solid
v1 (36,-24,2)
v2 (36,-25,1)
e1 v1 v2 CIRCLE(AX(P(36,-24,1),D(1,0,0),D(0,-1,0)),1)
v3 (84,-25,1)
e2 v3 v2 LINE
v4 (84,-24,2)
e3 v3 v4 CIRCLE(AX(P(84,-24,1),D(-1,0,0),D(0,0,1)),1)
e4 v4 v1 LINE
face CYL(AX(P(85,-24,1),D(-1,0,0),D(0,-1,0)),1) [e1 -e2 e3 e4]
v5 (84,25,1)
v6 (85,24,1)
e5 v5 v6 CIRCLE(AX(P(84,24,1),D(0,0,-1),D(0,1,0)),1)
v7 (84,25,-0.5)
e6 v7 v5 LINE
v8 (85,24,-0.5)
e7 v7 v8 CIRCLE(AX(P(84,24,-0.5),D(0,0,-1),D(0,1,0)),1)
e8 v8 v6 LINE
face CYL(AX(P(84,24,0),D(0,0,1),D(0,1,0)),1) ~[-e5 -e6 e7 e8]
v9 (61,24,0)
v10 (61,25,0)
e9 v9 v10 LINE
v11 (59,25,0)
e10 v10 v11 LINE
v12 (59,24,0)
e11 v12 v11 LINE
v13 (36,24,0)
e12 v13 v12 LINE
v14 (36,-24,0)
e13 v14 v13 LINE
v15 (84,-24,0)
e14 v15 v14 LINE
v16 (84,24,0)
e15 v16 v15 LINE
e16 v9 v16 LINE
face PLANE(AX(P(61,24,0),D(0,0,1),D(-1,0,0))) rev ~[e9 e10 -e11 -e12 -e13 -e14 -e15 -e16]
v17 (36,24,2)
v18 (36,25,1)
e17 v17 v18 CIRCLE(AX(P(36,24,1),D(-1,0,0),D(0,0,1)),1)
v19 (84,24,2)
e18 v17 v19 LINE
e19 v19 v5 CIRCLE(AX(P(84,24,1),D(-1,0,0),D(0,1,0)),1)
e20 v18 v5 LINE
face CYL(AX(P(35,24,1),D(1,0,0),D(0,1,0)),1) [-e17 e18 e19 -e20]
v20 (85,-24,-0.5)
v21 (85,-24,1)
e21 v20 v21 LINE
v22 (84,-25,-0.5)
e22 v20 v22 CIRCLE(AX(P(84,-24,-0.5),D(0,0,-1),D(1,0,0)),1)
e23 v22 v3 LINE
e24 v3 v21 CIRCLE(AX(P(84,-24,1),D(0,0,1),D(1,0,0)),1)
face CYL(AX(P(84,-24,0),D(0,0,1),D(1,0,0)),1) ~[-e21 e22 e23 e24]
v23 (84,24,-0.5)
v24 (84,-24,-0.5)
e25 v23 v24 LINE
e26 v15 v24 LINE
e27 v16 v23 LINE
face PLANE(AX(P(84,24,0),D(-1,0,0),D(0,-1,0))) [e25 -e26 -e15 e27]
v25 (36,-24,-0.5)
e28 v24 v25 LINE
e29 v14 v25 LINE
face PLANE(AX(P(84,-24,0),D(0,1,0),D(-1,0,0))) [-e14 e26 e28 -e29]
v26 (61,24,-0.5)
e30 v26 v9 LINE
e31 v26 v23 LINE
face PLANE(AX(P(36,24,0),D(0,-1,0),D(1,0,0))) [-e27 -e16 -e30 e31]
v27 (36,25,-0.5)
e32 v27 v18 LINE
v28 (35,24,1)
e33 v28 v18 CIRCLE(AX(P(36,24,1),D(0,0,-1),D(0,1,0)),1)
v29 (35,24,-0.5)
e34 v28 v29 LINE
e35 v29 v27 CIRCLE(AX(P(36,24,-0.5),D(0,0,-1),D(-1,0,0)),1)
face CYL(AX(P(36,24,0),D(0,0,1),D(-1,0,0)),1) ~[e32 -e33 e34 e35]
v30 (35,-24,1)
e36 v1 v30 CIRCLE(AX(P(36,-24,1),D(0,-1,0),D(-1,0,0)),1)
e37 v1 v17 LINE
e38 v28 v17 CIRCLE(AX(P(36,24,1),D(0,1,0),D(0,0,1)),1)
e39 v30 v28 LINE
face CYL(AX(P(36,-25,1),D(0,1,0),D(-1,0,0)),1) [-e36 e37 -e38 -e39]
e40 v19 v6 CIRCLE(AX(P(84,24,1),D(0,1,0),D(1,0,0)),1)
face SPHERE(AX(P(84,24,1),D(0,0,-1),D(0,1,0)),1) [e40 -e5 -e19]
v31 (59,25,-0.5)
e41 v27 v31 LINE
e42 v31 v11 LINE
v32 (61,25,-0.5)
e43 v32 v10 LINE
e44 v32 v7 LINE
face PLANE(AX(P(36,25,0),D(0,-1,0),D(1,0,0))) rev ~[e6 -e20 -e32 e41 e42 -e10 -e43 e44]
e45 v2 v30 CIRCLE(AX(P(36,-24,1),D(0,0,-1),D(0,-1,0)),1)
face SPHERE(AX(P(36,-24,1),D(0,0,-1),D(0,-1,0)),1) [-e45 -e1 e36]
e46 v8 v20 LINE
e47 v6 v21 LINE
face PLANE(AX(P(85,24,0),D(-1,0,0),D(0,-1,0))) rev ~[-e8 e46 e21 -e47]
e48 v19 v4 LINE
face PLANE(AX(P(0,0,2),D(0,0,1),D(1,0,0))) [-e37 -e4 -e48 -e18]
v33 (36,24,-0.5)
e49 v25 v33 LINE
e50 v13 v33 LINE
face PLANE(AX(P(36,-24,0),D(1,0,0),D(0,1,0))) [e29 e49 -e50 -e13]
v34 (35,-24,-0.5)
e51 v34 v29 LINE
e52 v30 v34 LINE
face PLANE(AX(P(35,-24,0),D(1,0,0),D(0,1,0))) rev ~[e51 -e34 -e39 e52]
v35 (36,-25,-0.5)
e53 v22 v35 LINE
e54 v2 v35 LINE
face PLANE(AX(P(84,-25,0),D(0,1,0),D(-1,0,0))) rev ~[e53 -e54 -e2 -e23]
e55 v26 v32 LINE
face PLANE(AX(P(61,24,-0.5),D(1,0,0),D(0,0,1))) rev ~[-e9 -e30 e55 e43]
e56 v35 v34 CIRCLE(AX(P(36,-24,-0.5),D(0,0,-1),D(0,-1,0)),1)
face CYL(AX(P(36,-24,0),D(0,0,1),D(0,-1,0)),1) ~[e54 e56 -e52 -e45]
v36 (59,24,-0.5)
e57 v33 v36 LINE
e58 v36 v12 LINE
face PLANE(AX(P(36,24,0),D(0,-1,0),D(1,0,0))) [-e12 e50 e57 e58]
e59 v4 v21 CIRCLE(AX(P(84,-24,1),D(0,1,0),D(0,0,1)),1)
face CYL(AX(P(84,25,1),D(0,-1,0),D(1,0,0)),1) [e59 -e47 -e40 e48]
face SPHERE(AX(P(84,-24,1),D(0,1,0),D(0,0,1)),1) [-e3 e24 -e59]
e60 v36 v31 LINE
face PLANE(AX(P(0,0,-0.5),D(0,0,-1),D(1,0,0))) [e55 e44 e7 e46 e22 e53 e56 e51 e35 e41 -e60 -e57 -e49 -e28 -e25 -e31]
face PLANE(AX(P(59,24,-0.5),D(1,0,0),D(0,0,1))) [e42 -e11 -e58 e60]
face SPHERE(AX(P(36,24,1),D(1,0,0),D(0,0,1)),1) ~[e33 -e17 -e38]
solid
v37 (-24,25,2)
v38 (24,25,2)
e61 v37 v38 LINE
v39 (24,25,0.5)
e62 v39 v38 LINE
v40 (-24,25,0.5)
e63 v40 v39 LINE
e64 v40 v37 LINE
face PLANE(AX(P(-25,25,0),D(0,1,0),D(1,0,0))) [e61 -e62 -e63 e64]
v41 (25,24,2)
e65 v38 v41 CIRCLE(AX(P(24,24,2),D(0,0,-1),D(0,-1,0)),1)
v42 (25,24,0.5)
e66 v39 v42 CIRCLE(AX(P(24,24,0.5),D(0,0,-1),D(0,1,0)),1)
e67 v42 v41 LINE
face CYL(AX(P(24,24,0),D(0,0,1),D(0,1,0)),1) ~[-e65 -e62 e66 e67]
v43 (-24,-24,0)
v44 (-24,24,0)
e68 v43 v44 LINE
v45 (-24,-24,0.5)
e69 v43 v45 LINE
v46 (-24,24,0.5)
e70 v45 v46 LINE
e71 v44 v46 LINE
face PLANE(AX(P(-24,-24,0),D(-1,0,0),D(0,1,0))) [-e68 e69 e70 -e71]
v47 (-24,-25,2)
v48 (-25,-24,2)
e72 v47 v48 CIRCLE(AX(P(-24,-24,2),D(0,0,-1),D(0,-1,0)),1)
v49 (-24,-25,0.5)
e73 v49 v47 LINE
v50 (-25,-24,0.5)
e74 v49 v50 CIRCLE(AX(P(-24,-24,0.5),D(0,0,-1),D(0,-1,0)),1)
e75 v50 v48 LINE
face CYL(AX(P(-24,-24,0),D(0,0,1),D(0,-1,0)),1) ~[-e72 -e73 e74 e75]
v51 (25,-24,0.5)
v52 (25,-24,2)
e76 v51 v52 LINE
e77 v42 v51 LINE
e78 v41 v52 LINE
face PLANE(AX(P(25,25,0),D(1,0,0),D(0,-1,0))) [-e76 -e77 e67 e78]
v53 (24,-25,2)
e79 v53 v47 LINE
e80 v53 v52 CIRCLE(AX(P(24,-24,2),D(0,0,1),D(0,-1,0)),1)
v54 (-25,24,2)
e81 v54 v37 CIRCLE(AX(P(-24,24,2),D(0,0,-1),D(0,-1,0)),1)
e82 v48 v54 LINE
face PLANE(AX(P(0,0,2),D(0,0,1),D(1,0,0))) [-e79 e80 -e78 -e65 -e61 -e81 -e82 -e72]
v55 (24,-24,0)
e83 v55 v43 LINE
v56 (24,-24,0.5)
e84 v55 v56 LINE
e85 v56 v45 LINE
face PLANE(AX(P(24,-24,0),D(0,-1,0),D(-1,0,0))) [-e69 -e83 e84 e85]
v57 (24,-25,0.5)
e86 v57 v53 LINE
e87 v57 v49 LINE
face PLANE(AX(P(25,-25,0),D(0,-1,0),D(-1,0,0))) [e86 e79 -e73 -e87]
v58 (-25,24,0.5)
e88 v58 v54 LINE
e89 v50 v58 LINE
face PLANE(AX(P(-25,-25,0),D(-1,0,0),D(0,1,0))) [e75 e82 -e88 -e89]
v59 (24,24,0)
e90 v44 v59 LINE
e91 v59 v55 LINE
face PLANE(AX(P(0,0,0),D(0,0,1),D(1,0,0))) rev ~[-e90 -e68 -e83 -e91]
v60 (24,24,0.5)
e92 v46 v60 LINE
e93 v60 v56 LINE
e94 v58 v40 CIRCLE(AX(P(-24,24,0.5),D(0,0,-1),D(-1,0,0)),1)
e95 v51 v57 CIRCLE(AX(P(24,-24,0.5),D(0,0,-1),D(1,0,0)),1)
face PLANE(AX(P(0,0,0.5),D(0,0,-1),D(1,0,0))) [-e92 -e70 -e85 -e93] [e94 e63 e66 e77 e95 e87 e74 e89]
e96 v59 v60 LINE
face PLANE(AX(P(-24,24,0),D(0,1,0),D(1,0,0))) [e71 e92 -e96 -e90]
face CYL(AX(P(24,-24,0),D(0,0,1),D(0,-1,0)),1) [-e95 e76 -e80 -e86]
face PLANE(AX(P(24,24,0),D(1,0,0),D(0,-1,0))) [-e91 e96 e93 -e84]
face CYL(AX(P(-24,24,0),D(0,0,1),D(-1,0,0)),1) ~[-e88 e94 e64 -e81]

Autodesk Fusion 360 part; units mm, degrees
sketch "Sketch1" plane through (0, 0, 0) normal (0, 0, 1) x (1, 0, 0)
  line L0 (25, -25) -> (-25, -25)
  line L1 (-25, -25) -> (-25, 25)
  line L2 (-25, 25) -> (25, 25)
  line L3 (25, 25) -> (25, -25)
  line L4 (25, -25) -> (-25, 25) construction
  line L5 (-25, -25) -> (25, 25) construction
  line L6 (85, -25) -> (35, -25)
  line L7 (35, -25) -> (35, 25)
  line L8 (85, -25) -> (35, 25) construction
  line L9 (35, 25) -> (85, 25)
  line L10 (35, -25) -> (85, 25) construction
  line L11 (85, 25) -> (85, -25)
  point P0 (60, 0)
  point P1 (60, 0)
  dimension "d1" = 50
  dimension "d2" = 50
  dimension "d3" = 50
  dimension "d4" = 50
extrude "Extrude1" add sketch "Sketch1" along normal blind 2 makes body 1 at (8.3333, -8.3333, 0) makes body 2 at (68.3333, -8.3333, 0)
fillet "Fillet1" radius 1 12 edges at (25, 25, 1) (25, -25, 1) (-25, -25, 1) (-25, 25, 1) (85, 25, 1) (60, 25, 2) (85, 0, 2) (35, -25, 1) (60, -25, 2) (85, -25, 1) (35, 0, 2) (35, 25, 1) on bodies 1 2
sketch "Sketch2" plane through (0, 0, 0) normal (0, 0, -1) x (1, 0, 0)
  arc A0 (-25, -24) -> (-24, -25) centre (-24, -24) ccw
  line L0 (-24, -25) -> (24, -25)
  arc A1 (24, -25) -> (25, -24) centre (24, -24) ccw
  line L1 (25, -24) -> (25, 24)
  arc A2 (25, 24) -> (24, 25) centre (24, 24) ccw
  line L2 (24, 25) -> (-24, 25)
  arc A3 (-24, 25) -> (-25, 24) centre (-24, 24) ccw
  line L3 (-25, 24) -> (-25, -24)
  line L4 (-24, -24) -> (24, -24)
  line L5 (24, -24) -> (24, 24)
  line L6 (24, 24) -> (-24, 24)
  line L7 (-24, 24) -> (-24, -24)
  dimension "d9" = -1
extrude "Extrude2" cut sketch "Sketch2" against normal blind 0.5 bodies 1
sketch "Sketch3" plane through (0, 0, 0) normal (0, 0, -1) x (1, 0, 0)
  arc A0 (36, 25) -> (35, 24) centre (36, 24) ccw
  line L0 (35, 24) -> (35, -24)
  arc A1 (35, -24) -> (36, -25) centre (36, -24) ccw
  line L1 (36, -25) -> (84, -25)
  arc A2 (84, -25) -> (85, -24) centre (84, -24) ccw
  line L2 (85, -24) -> (85, 24)
  arc A3 (85, 24) -> (84, 25) centre (84, 24) ccw
  line L3 (84, 25) -> (36, 25)
  line L4 (36, -24) -> (84, -24)
  line L5 (84, -24) -> (84, 24)
  line L6 (84, 24) -> (36, 24)
  line L7 (36, 24) -> (36, -24)
  dimension "d12" = -1
extrude "Extrude3" add sketch "Sketch3" along normal blind 0.5 bodies 2
sketch "Sketch4" plane through (0, 24, 0) normal (0, -1, 0) x (1, 0, 0)
  line L0 (84, 0) -> (36, 0)
  line L1 (36, 0) -> (36, -0.5)
  line L2 (36, -0.5) -> (84, -0.5)
  line L3 (84, -0.5) -> (84, 0)
  line L4 (84, -0.5) -> (60, -0.5)
  line L5 (60, -0.5) -> (61, -0.5)
  line L6 (61, -0.5) -> (61, 0)
  line L7 (61, 0) -> (60, 0)
  line L8 (60, 0) -> (60, -0.5)
  line L9 (60, -0.5) -> (59, -0.5)
  line L10 (59, -0.5) -> (59, 0)
  line L11 (59, 0) -> (60, 0)
  line L12 (60, 0) -> (60, -0.5)
extrude "Extrude4" cut sketch "Sketch4" against normal up to surface (1 mm away) contours L0 L2 L4 L5 L6 L7 L8 L12 | L0 L2 L8 L9 L10 L11 L12 bodies 2
